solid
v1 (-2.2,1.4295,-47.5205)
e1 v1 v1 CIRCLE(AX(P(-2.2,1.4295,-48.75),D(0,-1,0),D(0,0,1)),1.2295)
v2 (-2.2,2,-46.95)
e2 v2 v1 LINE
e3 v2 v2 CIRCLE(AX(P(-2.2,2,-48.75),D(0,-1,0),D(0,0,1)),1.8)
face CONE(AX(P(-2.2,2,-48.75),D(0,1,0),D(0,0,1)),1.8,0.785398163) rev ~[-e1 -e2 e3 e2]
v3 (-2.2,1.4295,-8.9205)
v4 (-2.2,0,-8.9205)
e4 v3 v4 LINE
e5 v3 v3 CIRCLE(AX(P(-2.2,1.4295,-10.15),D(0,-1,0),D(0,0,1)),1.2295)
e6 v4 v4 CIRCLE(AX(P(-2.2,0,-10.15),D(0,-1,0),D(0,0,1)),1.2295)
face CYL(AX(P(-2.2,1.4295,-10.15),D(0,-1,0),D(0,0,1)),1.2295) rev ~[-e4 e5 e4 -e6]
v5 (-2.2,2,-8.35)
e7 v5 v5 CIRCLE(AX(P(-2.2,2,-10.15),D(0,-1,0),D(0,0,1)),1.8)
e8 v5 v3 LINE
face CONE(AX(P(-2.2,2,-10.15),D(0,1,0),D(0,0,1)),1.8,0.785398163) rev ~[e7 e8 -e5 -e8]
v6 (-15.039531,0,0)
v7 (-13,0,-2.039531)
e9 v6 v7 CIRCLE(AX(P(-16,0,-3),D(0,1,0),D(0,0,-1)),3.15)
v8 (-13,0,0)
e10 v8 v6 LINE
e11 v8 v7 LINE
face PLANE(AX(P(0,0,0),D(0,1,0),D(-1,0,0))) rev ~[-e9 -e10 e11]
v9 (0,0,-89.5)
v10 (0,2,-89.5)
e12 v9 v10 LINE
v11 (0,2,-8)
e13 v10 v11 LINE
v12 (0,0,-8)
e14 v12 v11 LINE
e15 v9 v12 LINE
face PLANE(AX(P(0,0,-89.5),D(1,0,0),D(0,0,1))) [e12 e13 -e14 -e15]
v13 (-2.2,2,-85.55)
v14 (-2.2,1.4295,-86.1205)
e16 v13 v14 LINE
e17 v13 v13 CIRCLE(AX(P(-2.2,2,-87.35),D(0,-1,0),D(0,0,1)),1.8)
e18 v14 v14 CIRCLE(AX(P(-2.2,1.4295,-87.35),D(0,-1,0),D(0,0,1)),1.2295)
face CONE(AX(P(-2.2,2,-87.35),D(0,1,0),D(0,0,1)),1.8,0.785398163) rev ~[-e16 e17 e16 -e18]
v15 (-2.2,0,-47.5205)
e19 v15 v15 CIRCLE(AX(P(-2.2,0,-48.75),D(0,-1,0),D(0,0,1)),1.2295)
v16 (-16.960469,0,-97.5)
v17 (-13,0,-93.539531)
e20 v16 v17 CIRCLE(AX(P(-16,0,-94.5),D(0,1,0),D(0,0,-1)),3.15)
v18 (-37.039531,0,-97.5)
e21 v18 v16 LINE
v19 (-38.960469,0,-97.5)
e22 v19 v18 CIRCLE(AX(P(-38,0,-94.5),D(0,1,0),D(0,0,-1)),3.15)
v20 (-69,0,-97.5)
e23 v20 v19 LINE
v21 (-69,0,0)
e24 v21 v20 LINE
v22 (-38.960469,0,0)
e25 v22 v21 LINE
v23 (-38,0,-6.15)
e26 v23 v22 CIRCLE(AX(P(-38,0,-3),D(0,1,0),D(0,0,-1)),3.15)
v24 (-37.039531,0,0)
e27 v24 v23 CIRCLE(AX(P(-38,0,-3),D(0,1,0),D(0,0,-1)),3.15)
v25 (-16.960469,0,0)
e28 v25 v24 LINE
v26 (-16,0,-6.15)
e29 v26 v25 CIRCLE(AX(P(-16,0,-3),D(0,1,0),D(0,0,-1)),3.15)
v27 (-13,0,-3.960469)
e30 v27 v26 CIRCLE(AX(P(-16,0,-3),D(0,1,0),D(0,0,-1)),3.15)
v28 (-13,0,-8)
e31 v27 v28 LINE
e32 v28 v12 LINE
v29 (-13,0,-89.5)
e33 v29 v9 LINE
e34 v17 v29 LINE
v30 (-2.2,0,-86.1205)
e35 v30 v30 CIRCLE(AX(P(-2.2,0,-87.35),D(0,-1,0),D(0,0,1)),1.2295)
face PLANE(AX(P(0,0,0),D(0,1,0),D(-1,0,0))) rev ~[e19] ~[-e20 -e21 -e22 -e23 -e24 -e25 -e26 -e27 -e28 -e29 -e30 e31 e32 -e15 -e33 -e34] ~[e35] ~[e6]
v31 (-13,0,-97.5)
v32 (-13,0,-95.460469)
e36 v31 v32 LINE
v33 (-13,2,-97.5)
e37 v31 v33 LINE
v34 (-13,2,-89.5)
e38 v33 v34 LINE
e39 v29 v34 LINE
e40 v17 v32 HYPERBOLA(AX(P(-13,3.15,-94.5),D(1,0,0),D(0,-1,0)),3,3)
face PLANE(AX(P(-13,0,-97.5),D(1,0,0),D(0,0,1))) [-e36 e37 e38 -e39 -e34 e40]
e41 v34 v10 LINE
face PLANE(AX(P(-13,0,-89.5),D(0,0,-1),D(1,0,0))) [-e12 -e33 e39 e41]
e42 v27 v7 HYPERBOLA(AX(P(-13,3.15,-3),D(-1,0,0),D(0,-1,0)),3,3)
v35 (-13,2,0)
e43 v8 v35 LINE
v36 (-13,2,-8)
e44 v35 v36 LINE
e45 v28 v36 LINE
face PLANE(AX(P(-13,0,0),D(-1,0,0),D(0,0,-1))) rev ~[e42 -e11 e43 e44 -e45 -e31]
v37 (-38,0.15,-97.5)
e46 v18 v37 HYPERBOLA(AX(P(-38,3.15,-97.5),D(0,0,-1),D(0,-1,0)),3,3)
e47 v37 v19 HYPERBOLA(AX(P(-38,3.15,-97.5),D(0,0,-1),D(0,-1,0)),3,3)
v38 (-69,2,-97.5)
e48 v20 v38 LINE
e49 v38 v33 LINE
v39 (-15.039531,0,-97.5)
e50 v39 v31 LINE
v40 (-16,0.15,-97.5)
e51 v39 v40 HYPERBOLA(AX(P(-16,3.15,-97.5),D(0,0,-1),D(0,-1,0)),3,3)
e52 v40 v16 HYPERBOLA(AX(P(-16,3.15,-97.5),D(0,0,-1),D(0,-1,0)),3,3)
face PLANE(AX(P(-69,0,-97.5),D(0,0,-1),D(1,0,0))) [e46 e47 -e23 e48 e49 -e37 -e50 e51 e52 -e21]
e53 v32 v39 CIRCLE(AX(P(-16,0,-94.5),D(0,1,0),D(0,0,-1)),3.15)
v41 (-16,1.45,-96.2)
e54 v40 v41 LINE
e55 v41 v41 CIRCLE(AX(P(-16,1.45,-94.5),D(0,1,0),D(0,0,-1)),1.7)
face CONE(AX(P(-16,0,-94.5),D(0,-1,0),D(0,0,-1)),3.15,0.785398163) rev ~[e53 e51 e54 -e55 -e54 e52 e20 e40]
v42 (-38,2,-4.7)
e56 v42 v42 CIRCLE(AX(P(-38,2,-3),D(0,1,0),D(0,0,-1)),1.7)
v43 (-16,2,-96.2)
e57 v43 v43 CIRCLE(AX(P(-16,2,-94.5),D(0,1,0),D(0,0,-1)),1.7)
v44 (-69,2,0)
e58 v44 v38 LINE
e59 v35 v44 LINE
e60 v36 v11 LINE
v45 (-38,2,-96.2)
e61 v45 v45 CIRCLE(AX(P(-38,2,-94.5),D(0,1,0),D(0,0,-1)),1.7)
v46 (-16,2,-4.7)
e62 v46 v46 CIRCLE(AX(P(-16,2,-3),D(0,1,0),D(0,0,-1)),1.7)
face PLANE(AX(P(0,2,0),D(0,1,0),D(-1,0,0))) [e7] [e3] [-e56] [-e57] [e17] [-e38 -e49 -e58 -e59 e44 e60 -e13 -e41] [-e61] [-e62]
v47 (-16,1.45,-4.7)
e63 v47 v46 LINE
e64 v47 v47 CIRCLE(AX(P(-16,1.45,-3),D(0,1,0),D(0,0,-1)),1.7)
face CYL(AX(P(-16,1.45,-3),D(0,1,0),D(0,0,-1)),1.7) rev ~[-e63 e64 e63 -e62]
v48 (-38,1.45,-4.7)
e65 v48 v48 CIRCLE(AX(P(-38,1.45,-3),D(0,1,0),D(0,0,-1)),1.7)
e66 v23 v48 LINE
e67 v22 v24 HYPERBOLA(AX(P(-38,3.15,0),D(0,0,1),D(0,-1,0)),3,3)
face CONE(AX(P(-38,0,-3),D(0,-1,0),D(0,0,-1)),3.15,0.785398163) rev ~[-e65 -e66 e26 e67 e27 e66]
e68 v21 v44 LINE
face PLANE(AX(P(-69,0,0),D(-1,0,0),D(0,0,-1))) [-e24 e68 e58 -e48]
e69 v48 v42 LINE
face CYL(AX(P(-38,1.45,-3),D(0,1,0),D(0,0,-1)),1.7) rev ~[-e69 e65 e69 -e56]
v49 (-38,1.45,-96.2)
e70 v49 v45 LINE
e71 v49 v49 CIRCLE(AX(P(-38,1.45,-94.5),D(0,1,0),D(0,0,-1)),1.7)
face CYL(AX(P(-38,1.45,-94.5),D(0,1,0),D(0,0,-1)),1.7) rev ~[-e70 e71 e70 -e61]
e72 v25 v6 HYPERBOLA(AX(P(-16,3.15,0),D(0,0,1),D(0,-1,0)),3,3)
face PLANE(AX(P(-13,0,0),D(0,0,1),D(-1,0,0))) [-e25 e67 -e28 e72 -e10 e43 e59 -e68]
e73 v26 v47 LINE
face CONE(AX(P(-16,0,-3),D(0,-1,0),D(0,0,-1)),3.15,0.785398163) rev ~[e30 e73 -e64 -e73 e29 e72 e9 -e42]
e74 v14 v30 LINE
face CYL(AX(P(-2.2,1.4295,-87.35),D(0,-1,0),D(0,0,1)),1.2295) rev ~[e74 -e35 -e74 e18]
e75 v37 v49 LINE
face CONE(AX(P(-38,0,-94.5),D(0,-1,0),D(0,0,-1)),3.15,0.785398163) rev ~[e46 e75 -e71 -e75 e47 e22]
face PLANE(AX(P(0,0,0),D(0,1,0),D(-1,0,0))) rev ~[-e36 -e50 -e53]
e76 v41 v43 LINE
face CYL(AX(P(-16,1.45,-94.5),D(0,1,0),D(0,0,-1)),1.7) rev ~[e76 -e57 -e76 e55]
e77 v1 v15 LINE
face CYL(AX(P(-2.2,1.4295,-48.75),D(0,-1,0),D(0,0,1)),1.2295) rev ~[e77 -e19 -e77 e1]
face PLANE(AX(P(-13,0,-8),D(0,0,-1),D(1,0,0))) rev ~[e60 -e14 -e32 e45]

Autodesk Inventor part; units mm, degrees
ref_plane "YZ Plane" through (0, 0, 0) normal (1, 0, 0) x (0, 1, 0)
ref_plane "XZ Plane" through (0, 0, 0) normal (0, 1, 0) x (-1, 0, 0)
ref_plane "XY Plane" through (0, 0, 0) normal (0, 0, 1) x (1, 0, 0)
sketch "Sketch1" plane through (0, 0, 0) normal (0, 1, 0) x (-1, 0, 0)
  line L0 (0, 0) -> (92.5, 0)
  line L1 (92.5, -97.5) -> (0, -97.5)
  line L2 (0, -97.5) -> (0, 0)
  line L3 (92.5, 0) -> (69, 0)
  line L4 (69, 0) -> (69, -97.5)
  line L5 (92.5, -97.5) -> (69, -97.5)
  line L6 (0, -97.5) -> (13, -97.5)
  line L7 (13, -97.5) -> (13, -89.5)
  line L8 (13, -89.5) -> (0, -89.5)
  line L9 (0, -89.5) -> (0, -97.5)
  line L10 (0, 0) -> (13, 0)
  line L11 (13, 0) -> (13, -8)
  line L12 (13, -8) -> (0, -8)
  line L13 (0, -8) -> (0, 0)
  point P0 (69, -97.5)
  dimension "d0" = 92.5
  dimension "d1" = 97.5
  dimension "d4" = 13
  dimension "d5" = 8
  dimension "d24" = 69
extrude "Extrusion1" add sketch "Sketch1" along normal blind 2 contours L0 L4 L1 L7 L8 L2 L12 L11
sketch "Sketch2" plane through (0, 2, 0) normal (0, 1, 0) x (1, 0, 0)
  circle A0 centre (-2.2, 10.15) radius 1.6421 projected
  circle A1 centre (-2.2, 48.75) radius 1.6421 projected
  circle A2 centre (-2.2, 87.35) radius 1.6421 projected
  point P0 (0, 0)
hole "Hole1" at (-2.2, 2, -10.15) at (-2.2, 2, -48.75) at (-2.2, 2, -87.35) direction (0, -1, 0) diameter 2.459 end through all countersink diameter 3.6 countersink angle 90 thread size "M3x0.5" class "6H" standard "ISO Metric profile"
sketch "Sketch3" plane through (0, 0, 0) normal (0, -1, 0) x (1, 0, 0)
  line L0 (-13, -97.5) -> (-69, -97.5) construction
  line L1 (-13, -89.5) -> (-13, -97.5) construction
  line L2 (0, -8) -> (0, -89.5) construction
  line L3 (0, -48.75) -> (-69, -48.75) construction
  line L4 (-69, -97.5) -> (-69, 0) construction
  point P0 (-13, 0)
  point P1 (-16, -94.5)
  point P2 (-38, -94.5)
  point P3 (-16, -3)
  point P4 (-38, -3)
  dimension "d25" = 3
  dimension "d26" = 3
  dimension "d27" = 22
hole "Hole2" at (-16, 0, -94.5) at (-38, 0, -94.5) at (-16, 0, -3) at (-38, 0, -3) direction (0, 1, 0) diameter 3.4 end through all countersink diameter 6.3 countersink angle 90 clearance for "Countersunk Flat Head Screw ISO 2009/7046" size "M3" standard "ISO"
properties part number "Blacha" material "Steel"
